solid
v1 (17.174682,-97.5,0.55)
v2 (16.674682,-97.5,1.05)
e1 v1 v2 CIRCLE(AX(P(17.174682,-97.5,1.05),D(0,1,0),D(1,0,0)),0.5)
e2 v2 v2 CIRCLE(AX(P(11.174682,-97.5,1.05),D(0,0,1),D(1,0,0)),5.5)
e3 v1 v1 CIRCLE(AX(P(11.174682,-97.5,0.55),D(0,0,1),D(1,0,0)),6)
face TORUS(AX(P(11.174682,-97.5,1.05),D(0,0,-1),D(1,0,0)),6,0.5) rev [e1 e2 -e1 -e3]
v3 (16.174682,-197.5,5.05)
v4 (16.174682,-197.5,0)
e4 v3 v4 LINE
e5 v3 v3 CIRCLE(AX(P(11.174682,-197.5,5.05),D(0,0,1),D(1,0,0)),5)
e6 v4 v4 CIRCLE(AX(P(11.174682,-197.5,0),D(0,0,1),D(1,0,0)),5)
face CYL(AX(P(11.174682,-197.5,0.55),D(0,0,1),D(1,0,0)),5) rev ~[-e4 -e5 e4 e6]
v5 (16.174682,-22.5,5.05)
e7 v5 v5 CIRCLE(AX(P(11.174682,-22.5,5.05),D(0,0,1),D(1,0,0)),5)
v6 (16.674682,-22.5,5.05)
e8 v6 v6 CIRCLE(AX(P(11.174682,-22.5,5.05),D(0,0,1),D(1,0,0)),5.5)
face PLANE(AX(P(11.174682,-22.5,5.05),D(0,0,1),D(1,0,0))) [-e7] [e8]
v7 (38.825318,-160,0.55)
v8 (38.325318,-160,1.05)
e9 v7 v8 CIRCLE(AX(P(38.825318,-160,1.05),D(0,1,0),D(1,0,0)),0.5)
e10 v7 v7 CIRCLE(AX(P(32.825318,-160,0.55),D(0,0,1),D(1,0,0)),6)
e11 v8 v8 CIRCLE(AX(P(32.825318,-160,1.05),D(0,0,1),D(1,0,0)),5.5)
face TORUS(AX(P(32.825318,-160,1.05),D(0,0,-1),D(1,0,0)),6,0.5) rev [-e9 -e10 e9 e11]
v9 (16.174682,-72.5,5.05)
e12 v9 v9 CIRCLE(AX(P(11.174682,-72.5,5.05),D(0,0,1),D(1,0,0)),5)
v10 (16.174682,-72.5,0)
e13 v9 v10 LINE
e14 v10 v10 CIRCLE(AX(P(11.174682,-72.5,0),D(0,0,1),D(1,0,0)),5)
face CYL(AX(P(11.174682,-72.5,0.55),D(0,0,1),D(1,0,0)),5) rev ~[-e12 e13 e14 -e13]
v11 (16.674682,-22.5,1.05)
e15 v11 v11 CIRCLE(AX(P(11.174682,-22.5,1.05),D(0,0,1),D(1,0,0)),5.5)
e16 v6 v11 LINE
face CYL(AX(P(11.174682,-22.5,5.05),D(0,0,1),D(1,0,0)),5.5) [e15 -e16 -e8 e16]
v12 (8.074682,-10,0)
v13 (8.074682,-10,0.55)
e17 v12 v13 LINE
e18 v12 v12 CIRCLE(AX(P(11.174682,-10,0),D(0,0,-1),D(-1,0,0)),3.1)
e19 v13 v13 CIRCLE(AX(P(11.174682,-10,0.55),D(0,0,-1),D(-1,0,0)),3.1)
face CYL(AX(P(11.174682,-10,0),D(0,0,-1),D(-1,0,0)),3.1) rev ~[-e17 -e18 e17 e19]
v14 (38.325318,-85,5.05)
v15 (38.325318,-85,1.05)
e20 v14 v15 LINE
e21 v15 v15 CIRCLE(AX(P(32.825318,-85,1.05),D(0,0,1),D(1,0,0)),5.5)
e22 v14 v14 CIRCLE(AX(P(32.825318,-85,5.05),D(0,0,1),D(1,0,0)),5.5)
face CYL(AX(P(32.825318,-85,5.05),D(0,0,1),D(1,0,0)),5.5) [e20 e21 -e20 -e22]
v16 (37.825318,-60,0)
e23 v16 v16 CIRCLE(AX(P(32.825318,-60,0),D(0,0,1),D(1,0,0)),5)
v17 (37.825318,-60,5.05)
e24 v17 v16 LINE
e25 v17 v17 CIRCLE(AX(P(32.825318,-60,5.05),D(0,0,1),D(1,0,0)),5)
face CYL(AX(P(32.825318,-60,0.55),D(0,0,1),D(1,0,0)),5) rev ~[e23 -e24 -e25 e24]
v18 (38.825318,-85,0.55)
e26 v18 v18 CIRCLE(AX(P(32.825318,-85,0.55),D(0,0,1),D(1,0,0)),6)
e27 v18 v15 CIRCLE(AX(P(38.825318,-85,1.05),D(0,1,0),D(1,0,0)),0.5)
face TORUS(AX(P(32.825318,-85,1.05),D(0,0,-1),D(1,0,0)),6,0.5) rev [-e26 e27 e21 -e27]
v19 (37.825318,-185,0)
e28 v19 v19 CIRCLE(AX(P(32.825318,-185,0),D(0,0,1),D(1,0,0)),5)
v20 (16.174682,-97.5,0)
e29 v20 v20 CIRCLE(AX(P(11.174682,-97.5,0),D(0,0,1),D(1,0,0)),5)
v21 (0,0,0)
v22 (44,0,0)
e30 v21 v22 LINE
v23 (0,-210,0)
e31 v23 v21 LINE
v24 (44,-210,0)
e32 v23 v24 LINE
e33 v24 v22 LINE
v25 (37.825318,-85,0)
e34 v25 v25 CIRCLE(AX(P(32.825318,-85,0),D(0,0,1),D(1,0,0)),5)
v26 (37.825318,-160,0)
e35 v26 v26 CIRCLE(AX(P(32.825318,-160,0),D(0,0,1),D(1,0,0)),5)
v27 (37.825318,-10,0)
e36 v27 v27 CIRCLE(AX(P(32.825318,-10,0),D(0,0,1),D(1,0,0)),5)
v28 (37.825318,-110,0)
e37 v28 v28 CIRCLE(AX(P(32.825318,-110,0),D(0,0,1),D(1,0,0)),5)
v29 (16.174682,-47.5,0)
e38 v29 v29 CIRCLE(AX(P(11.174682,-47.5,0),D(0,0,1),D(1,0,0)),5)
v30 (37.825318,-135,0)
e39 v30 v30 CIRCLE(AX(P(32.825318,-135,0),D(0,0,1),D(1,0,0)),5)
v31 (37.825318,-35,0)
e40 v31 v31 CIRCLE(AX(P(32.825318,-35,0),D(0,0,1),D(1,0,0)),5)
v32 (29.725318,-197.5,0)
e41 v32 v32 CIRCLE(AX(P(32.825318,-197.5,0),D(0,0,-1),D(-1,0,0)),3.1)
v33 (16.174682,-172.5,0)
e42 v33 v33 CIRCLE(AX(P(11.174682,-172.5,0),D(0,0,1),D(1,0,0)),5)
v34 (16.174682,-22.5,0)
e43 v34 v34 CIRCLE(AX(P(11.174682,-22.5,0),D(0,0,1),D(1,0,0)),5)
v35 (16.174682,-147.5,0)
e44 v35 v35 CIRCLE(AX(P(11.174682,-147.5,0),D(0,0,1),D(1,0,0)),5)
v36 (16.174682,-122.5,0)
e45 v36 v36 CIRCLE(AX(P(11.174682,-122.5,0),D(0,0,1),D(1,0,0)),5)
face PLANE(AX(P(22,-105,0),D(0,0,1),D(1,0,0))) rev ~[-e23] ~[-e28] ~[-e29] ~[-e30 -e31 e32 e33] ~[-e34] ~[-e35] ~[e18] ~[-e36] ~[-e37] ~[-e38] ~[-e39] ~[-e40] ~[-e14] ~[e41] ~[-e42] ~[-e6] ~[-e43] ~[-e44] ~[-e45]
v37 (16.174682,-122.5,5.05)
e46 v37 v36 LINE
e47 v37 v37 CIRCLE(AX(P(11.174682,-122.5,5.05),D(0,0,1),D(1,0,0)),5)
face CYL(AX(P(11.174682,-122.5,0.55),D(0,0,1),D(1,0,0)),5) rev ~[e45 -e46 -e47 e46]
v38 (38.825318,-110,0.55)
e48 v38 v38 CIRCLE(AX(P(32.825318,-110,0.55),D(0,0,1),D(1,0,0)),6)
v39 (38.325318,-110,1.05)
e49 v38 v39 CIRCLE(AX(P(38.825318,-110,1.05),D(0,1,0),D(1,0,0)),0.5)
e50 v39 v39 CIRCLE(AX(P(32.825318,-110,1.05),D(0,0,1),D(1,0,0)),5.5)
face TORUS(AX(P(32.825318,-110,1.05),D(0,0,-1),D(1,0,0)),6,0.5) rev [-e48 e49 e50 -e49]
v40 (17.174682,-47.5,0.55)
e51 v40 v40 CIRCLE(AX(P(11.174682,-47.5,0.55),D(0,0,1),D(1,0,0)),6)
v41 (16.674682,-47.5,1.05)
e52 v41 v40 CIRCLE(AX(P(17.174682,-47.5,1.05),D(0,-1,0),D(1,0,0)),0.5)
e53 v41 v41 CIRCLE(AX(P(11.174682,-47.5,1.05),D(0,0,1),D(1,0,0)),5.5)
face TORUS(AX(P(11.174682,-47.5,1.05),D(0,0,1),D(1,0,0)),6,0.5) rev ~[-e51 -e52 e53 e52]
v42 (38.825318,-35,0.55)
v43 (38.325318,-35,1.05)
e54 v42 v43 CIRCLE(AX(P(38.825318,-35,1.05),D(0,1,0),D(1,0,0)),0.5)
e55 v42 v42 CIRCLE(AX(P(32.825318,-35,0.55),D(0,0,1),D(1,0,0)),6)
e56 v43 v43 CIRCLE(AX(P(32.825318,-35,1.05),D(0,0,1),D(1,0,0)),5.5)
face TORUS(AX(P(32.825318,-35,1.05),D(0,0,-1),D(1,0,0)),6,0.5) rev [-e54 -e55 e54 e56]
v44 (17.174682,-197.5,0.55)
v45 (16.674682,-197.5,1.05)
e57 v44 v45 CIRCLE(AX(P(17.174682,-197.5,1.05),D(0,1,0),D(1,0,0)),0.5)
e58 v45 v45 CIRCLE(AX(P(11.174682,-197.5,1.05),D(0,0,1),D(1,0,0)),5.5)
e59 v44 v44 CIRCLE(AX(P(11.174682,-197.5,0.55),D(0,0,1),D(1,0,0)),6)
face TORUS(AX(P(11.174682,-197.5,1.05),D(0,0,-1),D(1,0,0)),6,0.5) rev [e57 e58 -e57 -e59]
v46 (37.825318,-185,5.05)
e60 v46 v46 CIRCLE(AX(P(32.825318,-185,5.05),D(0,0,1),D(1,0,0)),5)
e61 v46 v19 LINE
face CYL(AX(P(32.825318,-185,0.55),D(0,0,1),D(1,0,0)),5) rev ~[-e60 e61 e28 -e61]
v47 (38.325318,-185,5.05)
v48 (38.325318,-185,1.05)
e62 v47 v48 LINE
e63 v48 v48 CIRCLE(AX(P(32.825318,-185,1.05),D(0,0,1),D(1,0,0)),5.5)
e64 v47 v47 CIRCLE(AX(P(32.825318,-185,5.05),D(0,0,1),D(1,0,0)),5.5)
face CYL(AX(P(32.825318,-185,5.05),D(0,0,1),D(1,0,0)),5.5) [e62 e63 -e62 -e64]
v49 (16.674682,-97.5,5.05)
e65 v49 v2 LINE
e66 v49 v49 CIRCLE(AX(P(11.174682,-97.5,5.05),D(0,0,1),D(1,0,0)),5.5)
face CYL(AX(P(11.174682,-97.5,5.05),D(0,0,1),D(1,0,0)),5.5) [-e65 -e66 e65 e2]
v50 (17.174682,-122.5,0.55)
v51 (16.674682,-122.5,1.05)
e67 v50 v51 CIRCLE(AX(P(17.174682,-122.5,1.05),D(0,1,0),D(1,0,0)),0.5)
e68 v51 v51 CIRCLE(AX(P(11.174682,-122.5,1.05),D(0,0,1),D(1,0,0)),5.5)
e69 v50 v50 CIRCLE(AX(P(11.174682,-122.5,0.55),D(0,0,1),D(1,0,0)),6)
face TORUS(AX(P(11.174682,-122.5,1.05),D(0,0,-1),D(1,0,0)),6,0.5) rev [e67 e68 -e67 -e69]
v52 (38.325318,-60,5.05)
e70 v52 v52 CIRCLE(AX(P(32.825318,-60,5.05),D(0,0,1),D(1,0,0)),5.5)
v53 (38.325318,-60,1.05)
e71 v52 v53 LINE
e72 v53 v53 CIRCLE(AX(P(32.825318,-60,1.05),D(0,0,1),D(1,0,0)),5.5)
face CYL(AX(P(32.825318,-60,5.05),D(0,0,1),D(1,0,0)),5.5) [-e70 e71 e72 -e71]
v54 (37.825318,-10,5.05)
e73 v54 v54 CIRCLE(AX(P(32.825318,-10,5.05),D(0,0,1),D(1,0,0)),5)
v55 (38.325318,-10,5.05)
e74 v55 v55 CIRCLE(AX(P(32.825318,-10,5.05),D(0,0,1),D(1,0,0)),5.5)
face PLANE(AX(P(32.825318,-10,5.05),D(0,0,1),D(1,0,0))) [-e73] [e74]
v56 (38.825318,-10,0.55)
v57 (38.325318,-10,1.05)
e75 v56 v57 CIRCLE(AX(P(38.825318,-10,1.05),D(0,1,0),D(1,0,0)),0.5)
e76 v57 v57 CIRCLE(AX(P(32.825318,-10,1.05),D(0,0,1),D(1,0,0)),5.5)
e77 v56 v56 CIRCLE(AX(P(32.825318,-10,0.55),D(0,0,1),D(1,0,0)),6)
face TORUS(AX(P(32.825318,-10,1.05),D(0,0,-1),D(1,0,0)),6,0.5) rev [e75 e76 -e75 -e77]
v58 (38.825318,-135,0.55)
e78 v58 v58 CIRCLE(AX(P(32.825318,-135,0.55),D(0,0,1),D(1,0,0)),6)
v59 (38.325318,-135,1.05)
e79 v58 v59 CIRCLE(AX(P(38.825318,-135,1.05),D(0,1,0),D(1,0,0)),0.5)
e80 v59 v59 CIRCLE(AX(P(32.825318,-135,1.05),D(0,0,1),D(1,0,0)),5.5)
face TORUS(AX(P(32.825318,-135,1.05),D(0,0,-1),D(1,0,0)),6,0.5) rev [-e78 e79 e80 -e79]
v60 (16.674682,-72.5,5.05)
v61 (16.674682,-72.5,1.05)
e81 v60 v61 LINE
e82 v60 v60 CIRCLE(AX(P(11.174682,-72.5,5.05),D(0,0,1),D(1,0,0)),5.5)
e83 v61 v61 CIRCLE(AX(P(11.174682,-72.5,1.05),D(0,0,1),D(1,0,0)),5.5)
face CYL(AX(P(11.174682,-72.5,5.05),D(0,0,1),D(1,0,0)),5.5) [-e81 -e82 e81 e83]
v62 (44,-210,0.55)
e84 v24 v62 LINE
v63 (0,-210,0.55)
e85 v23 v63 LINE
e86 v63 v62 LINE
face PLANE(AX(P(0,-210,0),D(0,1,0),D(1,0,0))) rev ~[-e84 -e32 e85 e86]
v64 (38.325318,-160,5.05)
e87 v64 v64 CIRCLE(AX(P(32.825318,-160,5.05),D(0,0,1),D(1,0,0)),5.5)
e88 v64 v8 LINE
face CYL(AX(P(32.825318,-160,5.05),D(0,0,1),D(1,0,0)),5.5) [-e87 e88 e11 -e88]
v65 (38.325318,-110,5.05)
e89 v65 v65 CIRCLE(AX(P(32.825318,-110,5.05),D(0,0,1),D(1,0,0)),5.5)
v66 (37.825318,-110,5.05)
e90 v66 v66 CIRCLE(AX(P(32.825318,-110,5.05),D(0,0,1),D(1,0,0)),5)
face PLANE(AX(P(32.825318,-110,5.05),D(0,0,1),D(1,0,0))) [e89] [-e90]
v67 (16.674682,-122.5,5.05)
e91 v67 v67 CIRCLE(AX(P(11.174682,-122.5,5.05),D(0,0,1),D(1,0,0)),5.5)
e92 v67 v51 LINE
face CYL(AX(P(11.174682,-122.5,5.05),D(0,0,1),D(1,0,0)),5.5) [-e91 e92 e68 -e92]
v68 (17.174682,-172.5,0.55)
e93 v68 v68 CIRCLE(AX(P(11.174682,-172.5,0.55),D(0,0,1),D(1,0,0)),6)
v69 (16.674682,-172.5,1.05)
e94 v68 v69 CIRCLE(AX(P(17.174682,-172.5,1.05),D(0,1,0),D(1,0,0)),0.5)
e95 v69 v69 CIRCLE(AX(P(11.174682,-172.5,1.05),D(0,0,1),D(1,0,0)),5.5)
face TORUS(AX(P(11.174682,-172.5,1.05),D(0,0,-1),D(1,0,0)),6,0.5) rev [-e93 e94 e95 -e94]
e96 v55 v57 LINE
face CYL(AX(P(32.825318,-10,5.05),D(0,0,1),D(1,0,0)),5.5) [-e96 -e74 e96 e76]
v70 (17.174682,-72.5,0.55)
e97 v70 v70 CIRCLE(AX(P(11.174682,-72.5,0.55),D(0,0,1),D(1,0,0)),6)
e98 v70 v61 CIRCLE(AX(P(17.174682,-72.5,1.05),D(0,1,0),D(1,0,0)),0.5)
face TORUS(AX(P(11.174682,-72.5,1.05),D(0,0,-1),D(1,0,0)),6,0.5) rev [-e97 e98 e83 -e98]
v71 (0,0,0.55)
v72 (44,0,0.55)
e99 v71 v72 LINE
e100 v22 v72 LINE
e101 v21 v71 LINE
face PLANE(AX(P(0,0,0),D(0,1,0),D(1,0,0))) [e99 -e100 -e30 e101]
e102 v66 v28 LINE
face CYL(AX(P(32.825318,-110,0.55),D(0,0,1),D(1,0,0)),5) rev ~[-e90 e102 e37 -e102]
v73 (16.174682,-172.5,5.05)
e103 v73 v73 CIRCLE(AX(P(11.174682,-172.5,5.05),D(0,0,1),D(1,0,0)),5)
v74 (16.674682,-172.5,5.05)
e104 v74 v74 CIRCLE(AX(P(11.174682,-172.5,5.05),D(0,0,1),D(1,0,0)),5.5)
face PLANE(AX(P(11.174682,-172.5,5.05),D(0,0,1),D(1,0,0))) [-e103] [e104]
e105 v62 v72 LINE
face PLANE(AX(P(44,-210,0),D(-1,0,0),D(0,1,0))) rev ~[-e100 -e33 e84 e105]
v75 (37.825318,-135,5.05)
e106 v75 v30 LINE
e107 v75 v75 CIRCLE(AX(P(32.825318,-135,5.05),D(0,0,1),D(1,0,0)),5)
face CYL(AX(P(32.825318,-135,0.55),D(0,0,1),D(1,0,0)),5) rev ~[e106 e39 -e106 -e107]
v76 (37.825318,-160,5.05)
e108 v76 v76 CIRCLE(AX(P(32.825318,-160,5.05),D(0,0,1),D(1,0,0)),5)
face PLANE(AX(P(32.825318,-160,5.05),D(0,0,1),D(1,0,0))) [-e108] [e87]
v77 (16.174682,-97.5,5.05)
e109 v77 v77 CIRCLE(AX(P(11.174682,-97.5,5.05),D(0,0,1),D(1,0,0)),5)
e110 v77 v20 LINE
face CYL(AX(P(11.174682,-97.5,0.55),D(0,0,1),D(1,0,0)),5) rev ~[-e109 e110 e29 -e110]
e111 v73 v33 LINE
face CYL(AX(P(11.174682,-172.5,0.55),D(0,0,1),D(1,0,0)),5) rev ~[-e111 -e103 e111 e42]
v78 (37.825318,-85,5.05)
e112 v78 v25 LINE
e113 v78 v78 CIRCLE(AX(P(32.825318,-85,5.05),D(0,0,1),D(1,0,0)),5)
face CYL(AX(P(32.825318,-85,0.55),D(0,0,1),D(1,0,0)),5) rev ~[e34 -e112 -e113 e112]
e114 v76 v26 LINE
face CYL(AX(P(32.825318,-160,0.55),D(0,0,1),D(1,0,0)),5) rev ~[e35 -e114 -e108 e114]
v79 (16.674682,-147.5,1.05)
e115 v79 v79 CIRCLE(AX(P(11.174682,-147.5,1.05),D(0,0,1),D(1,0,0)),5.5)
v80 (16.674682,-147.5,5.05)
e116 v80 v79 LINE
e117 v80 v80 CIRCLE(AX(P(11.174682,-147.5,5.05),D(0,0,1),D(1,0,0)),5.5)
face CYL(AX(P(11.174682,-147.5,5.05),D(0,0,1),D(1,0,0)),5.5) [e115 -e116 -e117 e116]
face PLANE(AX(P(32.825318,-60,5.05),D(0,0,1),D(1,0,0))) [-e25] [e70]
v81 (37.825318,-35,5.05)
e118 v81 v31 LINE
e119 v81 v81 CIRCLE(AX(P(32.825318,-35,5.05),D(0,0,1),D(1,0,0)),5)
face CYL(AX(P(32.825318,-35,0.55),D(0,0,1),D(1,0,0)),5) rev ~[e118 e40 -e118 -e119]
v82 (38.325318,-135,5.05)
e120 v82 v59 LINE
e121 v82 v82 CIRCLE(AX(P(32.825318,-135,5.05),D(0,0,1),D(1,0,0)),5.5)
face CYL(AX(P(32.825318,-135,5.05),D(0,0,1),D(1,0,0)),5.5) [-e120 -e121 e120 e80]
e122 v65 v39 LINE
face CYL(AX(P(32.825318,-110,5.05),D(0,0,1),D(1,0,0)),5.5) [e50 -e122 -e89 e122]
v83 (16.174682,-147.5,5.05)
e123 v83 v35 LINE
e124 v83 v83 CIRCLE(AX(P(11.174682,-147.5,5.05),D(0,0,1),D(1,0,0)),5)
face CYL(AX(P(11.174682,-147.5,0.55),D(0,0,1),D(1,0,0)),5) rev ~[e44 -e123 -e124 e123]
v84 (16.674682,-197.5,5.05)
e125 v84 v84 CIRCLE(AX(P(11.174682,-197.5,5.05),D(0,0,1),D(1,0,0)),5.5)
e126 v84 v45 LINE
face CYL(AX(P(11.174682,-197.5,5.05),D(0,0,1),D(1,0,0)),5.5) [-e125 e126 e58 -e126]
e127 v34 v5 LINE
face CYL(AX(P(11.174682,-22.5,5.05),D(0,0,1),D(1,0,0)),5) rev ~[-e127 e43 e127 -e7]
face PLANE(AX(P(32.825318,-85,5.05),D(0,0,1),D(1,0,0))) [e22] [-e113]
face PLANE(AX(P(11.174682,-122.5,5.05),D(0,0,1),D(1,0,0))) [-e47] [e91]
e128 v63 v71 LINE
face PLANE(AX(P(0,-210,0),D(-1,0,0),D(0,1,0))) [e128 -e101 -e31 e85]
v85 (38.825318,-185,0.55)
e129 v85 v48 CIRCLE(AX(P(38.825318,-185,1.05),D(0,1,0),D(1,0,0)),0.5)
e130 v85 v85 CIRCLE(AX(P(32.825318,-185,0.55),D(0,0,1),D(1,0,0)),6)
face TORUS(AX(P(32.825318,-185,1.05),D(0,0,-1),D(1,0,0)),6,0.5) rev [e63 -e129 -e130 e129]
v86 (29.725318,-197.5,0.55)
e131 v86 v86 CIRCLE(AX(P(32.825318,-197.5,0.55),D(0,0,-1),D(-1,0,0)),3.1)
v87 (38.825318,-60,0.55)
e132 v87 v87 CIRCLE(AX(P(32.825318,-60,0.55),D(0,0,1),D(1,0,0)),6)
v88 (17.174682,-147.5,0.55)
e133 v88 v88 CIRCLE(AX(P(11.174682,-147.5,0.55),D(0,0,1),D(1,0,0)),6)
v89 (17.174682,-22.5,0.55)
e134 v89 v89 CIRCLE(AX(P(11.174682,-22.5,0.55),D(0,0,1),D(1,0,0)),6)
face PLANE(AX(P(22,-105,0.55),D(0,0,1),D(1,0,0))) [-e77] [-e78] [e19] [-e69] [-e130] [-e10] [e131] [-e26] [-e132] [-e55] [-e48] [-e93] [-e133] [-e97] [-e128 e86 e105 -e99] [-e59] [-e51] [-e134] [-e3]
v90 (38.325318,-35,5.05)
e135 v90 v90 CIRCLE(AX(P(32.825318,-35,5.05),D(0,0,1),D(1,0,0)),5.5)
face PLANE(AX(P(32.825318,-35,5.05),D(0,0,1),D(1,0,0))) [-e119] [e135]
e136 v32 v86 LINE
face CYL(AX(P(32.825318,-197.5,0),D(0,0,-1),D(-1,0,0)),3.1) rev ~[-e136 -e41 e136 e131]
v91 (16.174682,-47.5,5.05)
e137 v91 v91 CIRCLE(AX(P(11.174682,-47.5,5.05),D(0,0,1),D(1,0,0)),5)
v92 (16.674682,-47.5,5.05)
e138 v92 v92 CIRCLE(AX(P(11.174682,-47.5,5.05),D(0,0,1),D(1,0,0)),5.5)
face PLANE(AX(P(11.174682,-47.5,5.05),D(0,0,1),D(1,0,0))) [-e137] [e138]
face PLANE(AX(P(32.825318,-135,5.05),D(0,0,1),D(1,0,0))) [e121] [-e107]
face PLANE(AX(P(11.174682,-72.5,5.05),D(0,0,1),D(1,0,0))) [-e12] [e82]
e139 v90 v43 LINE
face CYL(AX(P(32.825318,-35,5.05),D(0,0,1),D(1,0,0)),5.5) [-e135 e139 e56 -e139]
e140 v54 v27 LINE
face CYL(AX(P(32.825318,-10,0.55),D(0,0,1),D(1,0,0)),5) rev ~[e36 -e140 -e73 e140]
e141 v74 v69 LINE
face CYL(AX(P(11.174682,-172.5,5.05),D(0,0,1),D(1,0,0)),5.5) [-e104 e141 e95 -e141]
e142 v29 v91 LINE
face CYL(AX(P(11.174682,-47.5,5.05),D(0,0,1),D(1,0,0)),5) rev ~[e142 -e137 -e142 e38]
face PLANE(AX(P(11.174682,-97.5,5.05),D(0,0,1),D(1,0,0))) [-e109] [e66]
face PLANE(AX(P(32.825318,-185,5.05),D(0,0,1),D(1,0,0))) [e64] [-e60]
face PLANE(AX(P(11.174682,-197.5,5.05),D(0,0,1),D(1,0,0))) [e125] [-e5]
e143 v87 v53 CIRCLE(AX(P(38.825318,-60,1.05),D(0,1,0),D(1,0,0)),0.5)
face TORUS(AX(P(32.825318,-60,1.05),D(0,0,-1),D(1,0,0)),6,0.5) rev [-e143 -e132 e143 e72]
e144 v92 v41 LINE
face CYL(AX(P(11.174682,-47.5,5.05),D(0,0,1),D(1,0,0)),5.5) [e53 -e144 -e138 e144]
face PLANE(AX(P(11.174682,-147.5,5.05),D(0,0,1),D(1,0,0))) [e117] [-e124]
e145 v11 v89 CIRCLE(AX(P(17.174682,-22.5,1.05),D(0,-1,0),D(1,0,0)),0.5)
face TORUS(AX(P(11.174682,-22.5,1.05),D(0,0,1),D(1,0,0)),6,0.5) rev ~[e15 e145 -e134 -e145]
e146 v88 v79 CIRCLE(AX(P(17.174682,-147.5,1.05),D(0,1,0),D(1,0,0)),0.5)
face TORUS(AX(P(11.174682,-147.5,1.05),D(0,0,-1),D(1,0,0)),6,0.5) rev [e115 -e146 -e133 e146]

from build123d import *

# Parameters (mm, degrees)
SKETCH2_W              = 44
SKETCH2_H              = 210
BOSS_EXTRUDE1_DEPTH    = 0.55
SKETCH3_R              = 5
CUT_EXTRUDE1_DEPTH     = 215.560719844
BOSS_EXTRUDE2_START    = 4.5
SKETCH5_R              = 5.5
SKETCH5_R_2            = 5
BOSS_EXTRUDE2_DEPTH    = 4.5
FILLET1_R              = 0.5
LPATTERN1_COUNT        = 8
LPATTERN1_PITCH        = 25
FILLET1_OF_LPATTERN1_R = 0.5
SKETCH6_R              = 3.1
CUT_EXTRUDE2_DEPTH     = 215.619436445


with BuildPart() as part:
    # Sketch2 → Boss-Extrude1 (new body)
    with BuildSketch(Plane.XY):
        with Locations((22, -105)):
            Rectangle(SKETCH2_W, SKETCH2_H)
    extrude(amount=BOSS_EXTRUDE1_DEPTH)

    # Sketch3 → Cut-Extrude1 (cut, symmetric)
    with BuildSketch(Plane.XY.offset(0.55)):
        with Locations((11.174682453, -22.5)):
            Circle(SKETCH3_R)
        with Locations((32.825317547, -10)):
            Circle(SKETCH3_R)
    cut_extrude1 = extrude(amount=CUT_EXTRUDE1_DEPTH, both=True, mode=Mode.SUBTRACT)

    # Sketch5 → Boss-Extrude2 (add)
    # profile 1 of 2: a face of its own
    with BuildSketch(Plane.XY.offset(0.55).offset(BOSS_EXTRUDE2_START)):
        with Locations((11.174682453, -22.5)):
            Circle(SKETCH5_R)
        with Locations((11.174682453, -22.5)):
            Circle(SKETCH5_R_2, mode=Mode.SUBTRACT)
    # profile 2 of 2: a face of its own
    with BuildSketch(Plane.XY.offset(0.55).offset(BOSS_EXTRUDE2_START)):
        with Locations((32.825317547, -10)):
            Circle(SKETCH5_R)
        with Locations((32.825317547, -10)):
            Circle(SKETCH5_R_2, mode=Mode.SUBTRACT)
    boss_extrude2 = extrude(amount=-BOSS_EXTRUDE2_DEPTH)

    # Fillet1
    fillet1_edges = [part.edges().sort_by_distance(p)[0] for p in [
        (5.674682453, -22.5, 0.55),
        (27.325317547, -10, 0.55),
    ]]
    fillet(fillet1_edges, radius=FILLET1_R)

    # LPattern1: Cut-Extrude1, Boss-Extrude2 ×8
    with Locations(*[(0, -i * LPATTERN1_PITCH, 0) for i in range(1, LPATTERN1_COUNT)]):
        add(cut_extrude1, mode=Mode.SUBTRACT)
        add(boss_extrude2)

    # Fillet1 of LPattern1
    fillet1_of_lpattern1_edges = [part.edges().sort_by_distance(p)[0] for p in [
        (5.674682453, -47.5, 0.55),
        (27.325317547, -35, 0.55),
        (5.674682453, -72.5, 0.55),
        (27.325317547, -60, 0.55),
        (5.674682453, -97.5, 0.55),
        (27.325317547, -85, 0.55),
        (5.674682453, -122.5, 0.55),
        (27.325317547, -110, 0.55),
        (5.674682453, -147.5, 0.55),
        (27.325317547, -135, 0.55),
        (5.674682453, -172.5, 0.55),
        (27.325317547, -160, 0.55),
        (5.674682453, -197.5, 0.55),
        (27.325317547, -185, 0.55),
    ]]
    fillet(fillet1_of_lpattern1_edges, radius=FILLET1_OF_LPATTERN1_R)

    # Sketch6 → Cut-Extrude2 (cut, through all)
    with BuildSketch(Plane(origin=(0, 0, 0), x_dir=(-1, 0, 0), z_dir=(0, 0, -1))):
        with Locations((-11.174682453, -10)):
            Circle(SKETCH6_R)
        with Locations((-32.825317547, -197.5)):
            Circle(SKETCH6_R)
    extrude(amount=-CUT_EXTRUDE2_DEPTH, mode=Mode.SUBTRACT)


solid = part.part
